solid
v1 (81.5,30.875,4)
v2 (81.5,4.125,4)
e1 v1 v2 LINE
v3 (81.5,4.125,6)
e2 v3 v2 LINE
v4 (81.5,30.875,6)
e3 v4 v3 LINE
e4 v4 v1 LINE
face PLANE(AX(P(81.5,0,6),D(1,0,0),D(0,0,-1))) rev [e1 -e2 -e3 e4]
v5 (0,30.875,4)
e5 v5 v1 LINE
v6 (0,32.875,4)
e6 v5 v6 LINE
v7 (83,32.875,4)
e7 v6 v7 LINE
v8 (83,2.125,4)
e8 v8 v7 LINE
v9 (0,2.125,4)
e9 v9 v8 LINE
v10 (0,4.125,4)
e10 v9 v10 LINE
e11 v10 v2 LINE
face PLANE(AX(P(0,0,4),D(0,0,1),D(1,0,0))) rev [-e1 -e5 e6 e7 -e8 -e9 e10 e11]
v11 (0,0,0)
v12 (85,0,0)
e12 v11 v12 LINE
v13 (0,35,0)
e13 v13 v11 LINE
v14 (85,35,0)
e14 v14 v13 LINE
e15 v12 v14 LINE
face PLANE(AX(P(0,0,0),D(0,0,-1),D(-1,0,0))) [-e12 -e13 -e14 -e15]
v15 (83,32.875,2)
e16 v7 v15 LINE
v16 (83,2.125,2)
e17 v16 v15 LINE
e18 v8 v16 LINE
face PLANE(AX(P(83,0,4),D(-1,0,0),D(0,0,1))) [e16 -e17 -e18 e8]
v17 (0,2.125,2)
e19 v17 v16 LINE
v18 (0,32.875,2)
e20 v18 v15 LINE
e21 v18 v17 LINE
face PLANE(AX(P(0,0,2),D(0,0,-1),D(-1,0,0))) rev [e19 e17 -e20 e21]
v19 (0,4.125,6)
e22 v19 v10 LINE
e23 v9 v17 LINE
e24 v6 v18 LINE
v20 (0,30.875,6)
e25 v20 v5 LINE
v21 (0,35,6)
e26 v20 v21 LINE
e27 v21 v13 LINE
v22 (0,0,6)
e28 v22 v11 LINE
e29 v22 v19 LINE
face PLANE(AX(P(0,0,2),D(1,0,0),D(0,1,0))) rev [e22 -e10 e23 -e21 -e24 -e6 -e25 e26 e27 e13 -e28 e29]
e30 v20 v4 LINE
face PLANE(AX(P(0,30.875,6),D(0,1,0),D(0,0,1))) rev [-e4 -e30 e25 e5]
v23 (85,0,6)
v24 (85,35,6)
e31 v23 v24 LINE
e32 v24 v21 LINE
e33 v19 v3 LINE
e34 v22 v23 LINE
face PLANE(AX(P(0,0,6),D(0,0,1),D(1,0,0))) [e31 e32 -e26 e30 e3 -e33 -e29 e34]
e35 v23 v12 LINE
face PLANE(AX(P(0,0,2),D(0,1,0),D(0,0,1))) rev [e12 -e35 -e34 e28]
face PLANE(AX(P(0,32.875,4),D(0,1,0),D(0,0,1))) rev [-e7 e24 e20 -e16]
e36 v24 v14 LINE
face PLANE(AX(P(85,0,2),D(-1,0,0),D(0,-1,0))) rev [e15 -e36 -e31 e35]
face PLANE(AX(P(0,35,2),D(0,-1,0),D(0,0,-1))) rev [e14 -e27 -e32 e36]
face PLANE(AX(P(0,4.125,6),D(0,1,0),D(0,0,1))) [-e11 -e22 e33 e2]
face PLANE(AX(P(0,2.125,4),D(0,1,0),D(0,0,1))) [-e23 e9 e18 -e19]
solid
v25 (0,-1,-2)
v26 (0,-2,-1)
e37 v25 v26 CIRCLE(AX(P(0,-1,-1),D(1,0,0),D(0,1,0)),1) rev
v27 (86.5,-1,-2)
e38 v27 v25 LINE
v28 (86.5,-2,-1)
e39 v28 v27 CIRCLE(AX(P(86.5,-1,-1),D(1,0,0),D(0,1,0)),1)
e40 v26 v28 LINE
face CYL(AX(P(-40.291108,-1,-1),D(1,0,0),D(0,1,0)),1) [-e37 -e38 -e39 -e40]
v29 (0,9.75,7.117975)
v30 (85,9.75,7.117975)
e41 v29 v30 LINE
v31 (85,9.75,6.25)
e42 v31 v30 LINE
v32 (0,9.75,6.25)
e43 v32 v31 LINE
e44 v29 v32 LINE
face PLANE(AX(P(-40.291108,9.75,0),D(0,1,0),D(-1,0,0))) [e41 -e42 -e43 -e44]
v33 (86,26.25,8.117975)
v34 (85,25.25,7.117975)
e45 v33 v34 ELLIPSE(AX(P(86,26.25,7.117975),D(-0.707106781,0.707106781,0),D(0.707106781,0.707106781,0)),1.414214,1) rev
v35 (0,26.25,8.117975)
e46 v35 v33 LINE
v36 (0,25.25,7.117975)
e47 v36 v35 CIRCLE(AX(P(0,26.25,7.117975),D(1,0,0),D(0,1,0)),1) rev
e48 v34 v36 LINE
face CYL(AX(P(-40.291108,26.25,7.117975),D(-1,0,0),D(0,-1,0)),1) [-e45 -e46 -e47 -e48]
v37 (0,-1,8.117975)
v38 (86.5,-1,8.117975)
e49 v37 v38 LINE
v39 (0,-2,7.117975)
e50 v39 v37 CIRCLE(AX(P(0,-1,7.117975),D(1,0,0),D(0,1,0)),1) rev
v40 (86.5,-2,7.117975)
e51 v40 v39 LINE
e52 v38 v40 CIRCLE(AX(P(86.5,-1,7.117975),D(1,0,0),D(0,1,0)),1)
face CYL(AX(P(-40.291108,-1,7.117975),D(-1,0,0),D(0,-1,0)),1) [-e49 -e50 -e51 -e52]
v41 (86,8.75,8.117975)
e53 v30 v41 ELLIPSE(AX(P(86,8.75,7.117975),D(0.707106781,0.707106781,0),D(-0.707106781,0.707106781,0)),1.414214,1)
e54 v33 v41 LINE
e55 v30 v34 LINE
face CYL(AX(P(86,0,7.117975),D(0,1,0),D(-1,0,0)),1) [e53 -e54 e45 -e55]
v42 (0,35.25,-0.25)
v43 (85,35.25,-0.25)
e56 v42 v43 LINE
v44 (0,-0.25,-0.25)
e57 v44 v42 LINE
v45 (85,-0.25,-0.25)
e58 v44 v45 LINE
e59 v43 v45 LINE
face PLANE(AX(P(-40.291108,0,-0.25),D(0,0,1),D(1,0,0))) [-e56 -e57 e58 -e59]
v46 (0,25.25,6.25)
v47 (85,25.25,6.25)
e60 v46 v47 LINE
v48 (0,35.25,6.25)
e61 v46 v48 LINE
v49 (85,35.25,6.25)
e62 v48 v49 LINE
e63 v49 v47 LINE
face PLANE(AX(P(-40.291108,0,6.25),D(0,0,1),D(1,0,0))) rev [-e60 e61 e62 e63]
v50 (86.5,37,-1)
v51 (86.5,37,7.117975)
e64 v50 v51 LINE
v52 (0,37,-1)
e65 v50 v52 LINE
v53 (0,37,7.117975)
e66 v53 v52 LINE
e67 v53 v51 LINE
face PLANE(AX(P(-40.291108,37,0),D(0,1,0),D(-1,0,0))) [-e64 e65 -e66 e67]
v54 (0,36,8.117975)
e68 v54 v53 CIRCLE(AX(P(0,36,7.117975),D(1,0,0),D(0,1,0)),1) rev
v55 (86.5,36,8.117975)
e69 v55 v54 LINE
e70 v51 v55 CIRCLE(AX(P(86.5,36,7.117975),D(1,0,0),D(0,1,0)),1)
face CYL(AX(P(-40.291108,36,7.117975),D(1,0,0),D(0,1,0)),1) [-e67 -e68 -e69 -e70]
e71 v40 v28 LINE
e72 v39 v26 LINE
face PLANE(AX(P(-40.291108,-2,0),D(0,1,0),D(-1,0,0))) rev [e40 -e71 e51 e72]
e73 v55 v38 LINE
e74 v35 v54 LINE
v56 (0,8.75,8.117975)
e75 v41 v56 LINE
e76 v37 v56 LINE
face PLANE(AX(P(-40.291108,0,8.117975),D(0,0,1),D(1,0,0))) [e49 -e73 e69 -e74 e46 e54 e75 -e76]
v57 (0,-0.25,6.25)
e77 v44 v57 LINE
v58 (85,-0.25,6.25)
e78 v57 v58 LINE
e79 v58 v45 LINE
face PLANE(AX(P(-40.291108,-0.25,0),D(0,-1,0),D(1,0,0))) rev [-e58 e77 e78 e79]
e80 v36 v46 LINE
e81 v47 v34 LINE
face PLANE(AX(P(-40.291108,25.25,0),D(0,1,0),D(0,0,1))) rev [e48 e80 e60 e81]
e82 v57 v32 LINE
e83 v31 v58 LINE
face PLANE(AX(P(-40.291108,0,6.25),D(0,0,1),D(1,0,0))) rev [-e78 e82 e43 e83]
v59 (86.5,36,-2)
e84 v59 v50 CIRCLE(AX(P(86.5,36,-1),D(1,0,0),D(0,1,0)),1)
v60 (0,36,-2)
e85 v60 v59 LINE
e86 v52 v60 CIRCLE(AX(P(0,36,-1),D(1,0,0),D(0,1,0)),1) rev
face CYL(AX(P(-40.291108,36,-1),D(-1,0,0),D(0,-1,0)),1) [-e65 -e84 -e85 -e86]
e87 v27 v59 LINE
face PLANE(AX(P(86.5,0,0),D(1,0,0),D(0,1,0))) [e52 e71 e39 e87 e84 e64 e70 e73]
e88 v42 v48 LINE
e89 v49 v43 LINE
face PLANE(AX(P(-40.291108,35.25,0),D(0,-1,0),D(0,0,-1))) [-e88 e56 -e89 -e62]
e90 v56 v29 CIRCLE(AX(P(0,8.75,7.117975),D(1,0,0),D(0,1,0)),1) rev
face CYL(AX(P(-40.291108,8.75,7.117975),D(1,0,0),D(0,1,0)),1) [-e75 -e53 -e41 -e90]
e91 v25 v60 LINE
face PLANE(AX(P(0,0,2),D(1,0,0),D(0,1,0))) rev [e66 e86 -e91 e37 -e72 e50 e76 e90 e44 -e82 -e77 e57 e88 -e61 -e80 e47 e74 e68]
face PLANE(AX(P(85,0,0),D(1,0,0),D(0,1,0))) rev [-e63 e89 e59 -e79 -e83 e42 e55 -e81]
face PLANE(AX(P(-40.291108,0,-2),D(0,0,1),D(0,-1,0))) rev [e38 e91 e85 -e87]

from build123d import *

# Parameters (mm, degrees)
SKETCH1_W           = 85
SKETCH1_H           = 35
BOSS_EXTRUDE1_DEPTH = 2
BOSS_EXTRUDE2_DEPTH = 2
BOSS_EXTRUDE3_DEPTH = 2
BOSS_EXTRUDE4_DEPTH = 85
SKETCH6_W           = 10.11797479
SKETCH6_H           = 39
BOSS_EXTRUDE5_DEPTH = 1.5
FILLET1_R           = 1


with BuildPart() as part:
    # Sketch1 → Boss-Extrude1 (new body)
    with BuildSketch(Plane.XY):
        with Locations((42.5, 17.5)):
            Rectangle(SKETCH1_W, SKETCH1_H)
    extrude(amount=BOSS_EXTRUDE1_DEPTH)

    # Sketch2 → Boss-Extrude2 (add)
    with BuildSketch(Plane.XY.offset(2)):
        Polygon((83, 2.125), (0, 2.125), (0, 0), (85, 0), (85, 35), (0, 35), (0, 32.875), (83, 32.875), align=None)
    extrude(amount=BOSS_EXTRUDE2_DEPTH)

    # Sketch3 → Boss-Extrude3 (add)
    with BuildSketch(Plane.XY.offset(4)):
        Polygon((0, 4.125), (0, 2.125), (83, 2.125), (83, 32.875), (0, 32.875), (0, 30.875), (81.5, 30.875), (81.5, 4.125), align=None)
        Polygon((0, 32.875), (83, 32.875), (83, 2.125), (0, 2.125), (0, 0), (85, 0), (85, 35), (0, 35), align=None)
    extrude(amount=BOSS_EXTRUDE3_DEPTH)


with BuildPart() as body_2:
    # Sketch5 → Boss-Extrude4 (new body)
    with BuildSketch(Plane(origin=(85, 0, 0), x_dir=(0, 0, -1), z_dir=(1, 0, 0))):
        Polygon((2, -2), (2, 37), (-8.11797479, 37), (-8.11797479, 25.25), (-6.25, 25.25), (-6.25, 35.25), (0.25, 35.25), (0.25, -0.25), (-6.25, -0.25), (-6.25, 9.75), (-8.11797479, 9.75), (-8.11797479, -2), align=None)
    extrude(amount=-BOSS_EXTRUDE4_DEPTH)

    # Sketch6 → Boss-Extrude5 (add)
    with BuildSketch(Plane(origin=(85, 0, 0), x_dir=(0, 0, -1), z_dir=(1, 0, 0))):
        with Locations((-3.058987395, 17.5)):
            Rectangle(SKETCH6_W, SKETCH6_H)
    extrude(amount=BOSS_EXTRUDE5_DEPTH)

    # Fillet1
    fillet1_edges = [body_2.edges().sort_by_distance(p)[0] for p in [
        (42.5, 9.75, 8.11797479),
        (43.25, -2, 8.11797479),
        (43.25, -2, -2),
        (43.25, 37, -2),
        (43.25, 37, 8.11797479),
        (42.5, 25.25, 8.11797479),
        (85, 17.5, 8.11797479),
    ]]
    fillet(fillet1_edges, radius=FILLET1_R)


solid = Compound([part.part, body_2.part])
